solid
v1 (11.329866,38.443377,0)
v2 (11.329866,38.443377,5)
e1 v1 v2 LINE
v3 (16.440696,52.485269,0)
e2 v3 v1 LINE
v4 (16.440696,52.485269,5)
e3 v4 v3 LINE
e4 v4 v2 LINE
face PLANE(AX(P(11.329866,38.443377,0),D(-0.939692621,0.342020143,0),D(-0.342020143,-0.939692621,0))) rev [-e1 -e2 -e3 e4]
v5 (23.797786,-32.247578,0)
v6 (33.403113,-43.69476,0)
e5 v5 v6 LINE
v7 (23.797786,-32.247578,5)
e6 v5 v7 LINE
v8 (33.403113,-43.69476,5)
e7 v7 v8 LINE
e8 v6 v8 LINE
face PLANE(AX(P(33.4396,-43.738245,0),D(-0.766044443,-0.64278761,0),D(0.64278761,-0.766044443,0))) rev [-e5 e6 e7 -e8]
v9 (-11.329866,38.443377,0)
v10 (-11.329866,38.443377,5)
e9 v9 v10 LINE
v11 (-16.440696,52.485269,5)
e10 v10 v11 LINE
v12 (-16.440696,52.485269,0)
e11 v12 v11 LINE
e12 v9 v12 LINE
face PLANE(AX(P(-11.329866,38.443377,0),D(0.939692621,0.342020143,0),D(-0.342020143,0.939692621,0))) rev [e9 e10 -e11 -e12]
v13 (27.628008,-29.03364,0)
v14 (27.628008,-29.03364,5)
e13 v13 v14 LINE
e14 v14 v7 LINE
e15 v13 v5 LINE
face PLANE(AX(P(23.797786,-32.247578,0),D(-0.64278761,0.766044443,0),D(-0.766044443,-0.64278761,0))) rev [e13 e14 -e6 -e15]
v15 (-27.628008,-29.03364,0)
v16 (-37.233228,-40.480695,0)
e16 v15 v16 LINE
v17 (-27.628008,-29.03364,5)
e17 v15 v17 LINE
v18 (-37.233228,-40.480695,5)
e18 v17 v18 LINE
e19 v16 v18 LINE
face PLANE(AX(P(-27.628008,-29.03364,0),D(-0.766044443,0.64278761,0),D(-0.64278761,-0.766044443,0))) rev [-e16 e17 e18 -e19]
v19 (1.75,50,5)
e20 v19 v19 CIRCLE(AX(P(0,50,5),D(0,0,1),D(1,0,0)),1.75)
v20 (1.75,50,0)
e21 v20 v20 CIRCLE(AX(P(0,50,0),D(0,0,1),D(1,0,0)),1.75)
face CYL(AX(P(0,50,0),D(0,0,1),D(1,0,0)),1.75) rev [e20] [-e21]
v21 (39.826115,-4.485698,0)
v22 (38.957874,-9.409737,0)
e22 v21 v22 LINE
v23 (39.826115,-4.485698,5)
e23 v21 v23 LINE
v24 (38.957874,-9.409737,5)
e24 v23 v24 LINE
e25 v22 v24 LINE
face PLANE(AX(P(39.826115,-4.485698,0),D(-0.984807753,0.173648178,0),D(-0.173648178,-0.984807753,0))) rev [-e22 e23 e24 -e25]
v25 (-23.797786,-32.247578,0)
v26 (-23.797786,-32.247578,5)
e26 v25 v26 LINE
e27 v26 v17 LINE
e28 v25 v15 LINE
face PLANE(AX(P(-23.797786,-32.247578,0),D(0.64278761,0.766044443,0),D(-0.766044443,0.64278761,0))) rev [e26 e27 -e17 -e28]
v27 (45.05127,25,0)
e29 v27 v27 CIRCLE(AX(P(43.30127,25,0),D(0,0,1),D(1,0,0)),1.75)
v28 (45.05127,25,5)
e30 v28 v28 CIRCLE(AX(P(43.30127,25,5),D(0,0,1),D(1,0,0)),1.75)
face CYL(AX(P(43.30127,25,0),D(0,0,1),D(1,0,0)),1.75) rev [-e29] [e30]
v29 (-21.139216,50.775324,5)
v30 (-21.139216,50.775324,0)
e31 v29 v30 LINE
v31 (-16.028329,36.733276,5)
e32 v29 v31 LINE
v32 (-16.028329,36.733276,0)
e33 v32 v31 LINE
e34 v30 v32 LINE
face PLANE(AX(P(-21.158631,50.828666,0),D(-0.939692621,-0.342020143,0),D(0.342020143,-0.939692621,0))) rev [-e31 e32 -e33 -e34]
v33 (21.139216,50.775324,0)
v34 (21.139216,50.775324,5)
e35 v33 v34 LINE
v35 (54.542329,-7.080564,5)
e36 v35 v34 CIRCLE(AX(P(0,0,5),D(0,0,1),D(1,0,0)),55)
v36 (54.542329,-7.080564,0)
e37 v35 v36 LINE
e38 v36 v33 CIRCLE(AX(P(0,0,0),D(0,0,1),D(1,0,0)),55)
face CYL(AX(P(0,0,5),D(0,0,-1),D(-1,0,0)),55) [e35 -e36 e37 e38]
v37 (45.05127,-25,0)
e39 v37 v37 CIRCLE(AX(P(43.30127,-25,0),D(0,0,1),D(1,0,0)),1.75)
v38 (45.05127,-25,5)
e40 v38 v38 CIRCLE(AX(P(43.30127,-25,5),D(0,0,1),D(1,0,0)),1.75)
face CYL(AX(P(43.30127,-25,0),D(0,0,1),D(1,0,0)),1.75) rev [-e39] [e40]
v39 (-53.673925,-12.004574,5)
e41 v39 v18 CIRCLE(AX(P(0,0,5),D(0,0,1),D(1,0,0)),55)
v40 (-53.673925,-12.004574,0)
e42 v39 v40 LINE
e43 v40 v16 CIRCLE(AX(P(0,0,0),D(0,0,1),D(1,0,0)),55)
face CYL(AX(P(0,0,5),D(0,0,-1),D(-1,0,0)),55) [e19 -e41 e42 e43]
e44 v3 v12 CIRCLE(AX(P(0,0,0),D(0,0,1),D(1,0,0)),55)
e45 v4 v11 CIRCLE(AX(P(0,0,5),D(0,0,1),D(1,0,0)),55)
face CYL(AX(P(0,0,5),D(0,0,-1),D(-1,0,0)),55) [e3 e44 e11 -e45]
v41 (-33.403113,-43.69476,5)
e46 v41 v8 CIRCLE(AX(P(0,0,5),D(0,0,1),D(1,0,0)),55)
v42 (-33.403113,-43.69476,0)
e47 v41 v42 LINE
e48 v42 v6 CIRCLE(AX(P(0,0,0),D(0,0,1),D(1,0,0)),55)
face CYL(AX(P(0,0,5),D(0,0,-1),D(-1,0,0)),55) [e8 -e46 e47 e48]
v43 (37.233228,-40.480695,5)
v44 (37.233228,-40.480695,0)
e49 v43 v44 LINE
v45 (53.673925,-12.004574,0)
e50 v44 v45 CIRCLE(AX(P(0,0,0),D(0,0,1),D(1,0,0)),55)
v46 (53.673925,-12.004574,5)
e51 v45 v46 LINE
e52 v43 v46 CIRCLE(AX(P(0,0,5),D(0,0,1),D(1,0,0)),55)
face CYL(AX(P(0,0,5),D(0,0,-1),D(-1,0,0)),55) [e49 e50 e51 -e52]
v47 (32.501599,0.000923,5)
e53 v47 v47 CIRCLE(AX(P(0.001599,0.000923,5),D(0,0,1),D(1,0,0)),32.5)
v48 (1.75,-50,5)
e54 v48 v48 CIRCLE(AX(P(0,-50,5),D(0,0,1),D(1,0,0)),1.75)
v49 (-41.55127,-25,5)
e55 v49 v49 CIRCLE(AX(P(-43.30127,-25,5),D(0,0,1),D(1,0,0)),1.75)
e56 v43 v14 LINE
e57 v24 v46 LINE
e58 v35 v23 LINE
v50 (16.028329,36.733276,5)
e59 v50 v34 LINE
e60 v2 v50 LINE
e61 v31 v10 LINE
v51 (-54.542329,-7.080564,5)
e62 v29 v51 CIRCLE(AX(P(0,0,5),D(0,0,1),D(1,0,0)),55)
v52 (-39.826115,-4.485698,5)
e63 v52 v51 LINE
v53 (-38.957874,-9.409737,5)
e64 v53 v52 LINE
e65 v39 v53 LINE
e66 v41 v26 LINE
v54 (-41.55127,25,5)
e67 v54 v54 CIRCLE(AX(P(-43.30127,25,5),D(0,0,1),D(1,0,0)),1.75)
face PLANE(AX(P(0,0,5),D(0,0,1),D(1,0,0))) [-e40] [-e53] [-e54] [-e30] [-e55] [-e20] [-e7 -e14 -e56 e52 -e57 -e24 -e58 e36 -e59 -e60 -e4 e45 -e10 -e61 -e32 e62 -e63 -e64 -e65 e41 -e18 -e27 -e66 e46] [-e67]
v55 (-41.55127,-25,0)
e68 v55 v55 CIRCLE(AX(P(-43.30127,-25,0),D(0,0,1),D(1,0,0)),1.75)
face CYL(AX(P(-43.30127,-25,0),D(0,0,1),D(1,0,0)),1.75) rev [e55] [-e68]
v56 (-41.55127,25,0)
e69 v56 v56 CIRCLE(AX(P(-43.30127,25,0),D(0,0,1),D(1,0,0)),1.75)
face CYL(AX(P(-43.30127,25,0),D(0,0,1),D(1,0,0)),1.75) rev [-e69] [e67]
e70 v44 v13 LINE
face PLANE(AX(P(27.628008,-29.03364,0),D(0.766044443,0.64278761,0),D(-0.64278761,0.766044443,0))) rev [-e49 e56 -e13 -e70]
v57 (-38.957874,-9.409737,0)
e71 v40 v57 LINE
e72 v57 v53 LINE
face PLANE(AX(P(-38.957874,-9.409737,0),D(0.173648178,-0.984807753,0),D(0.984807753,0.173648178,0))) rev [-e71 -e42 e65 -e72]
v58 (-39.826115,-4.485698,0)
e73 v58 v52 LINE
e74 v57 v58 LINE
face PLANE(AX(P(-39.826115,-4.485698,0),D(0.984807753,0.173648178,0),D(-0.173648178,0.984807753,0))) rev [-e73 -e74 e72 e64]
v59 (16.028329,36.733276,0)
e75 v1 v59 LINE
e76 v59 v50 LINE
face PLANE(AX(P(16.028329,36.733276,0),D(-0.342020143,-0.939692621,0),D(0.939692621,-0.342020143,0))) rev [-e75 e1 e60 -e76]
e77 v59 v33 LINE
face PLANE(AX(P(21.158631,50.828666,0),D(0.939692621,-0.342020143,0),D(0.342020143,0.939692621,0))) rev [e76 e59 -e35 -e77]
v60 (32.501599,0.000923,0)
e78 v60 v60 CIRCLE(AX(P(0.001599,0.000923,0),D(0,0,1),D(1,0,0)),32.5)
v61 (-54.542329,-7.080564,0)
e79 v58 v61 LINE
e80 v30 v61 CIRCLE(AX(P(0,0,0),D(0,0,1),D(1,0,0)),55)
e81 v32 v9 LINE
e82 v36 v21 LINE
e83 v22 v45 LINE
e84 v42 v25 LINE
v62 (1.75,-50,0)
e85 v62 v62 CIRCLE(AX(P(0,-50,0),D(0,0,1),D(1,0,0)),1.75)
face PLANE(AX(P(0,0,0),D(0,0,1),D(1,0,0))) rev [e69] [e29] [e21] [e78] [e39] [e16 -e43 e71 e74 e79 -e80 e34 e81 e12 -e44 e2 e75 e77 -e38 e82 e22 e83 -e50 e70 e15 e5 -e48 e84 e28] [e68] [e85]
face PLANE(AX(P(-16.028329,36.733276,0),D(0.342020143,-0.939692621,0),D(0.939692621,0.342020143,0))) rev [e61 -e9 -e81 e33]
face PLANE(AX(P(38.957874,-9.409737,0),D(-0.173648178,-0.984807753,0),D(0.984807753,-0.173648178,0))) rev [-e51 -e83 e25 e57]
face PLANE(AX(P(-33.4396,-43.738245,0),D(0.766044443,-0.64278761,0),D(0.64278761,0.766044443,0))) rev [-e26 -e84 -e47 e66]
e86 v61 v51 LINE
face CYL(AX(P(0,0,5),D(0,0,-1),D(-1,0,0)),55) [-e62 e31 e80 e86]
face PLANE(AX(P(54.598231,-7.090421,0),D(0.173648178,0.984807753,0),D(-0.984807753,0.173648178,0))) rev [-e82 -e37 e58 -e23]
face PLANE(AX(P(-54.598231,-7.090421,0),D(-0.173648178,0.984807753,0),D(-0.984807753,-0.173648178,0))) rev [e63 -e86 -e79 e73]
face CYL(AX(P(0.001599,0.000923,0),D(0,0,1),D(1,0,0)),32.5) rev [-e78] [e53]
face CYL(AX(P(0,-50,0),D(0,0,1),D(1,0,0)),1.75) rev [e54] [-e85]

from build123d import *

# Parameters (mm, degrees)
CROQUIS1_R              = 55
SALIENTE_EXTRUIR1_DEPTH = 5
CROQUIS2_R              = 1.75
CROQUIS2_R_2            = 32.5
CORTAR_EXTRUIR1_DEPTH   = 78.942286341


with BuildPart() as part:
    # Croquis1 → Saliente-Extruir1 (new body)
    with BuildSketch(Plane.XY):
        Circle(CROQUIS1_R)
    extrude(amount=SALIENTE_EXTRUIR1_DEPTH)

    # Croquis2 → Cortar-Extruir1 (cut, through all)
    with BuildSketch(Plane.XY.offset(5)):
        with Locations((0, 50)):
            Circle(CROQUIS2_R)
        with Locations((43.301270189, 25)):
            Circle(CROQUIS2_R)
        with Locations((43.301270189, -25)):
            Circle(CROQUIS2_R)
        with Locations((0, -50)):
            Circle(CROQUIS2_R)
        with Locations((-43.301270189, -25)):
            Circle(CROQUIS2_R)
        with Locations((-43.301270189, 25)):
            Circle(CROQUIS2_R)
        with Locations((0.001598992, 0.000923179)):
            Circle(CROQUIS2_R_2)
        Polygon((-21.158630785, 50.828665682), (-16.028328636, 36.733276371), (-11.329865532, 38.443377087), (-16.460167682, 52.538766399), align=None)
        Polygon((16.028328636, 36.733276371), (11.329865532, 38.443377087), (16.460167682, 52.538766399), (21.158630785, 50.828665682), align=None)
        Polygon((54.598231114, -7.090421072), (39.826114819, -4.485698407), (38.957873931, -9.409737172), (53.729990226, -12.014459837), align=None)
        Polygon((27.628008399, -29.033639916), (37.269822544, -40.524306562), (33.439600329, -43.738244611), (23.797786183, -32.247577964), align=None)
        Polygon((-33.439600329, -43.738244611), (-23.797786183, -32.247577964), (-27.628008399, -29.033639916), (-37.269822544, -40.524306562), align=None)
        Polygon((-38.957873931, -9.409737172), (-53.729990226, -12.014459837), (-54.598231114, -7.090421072), (-39.826114819, -4.485698407), align=None)
    extrude(amount=-CORTAR_EXTRUIR1_DEPTH, mode=Mode.SUBTRACT)


solid = part.part
